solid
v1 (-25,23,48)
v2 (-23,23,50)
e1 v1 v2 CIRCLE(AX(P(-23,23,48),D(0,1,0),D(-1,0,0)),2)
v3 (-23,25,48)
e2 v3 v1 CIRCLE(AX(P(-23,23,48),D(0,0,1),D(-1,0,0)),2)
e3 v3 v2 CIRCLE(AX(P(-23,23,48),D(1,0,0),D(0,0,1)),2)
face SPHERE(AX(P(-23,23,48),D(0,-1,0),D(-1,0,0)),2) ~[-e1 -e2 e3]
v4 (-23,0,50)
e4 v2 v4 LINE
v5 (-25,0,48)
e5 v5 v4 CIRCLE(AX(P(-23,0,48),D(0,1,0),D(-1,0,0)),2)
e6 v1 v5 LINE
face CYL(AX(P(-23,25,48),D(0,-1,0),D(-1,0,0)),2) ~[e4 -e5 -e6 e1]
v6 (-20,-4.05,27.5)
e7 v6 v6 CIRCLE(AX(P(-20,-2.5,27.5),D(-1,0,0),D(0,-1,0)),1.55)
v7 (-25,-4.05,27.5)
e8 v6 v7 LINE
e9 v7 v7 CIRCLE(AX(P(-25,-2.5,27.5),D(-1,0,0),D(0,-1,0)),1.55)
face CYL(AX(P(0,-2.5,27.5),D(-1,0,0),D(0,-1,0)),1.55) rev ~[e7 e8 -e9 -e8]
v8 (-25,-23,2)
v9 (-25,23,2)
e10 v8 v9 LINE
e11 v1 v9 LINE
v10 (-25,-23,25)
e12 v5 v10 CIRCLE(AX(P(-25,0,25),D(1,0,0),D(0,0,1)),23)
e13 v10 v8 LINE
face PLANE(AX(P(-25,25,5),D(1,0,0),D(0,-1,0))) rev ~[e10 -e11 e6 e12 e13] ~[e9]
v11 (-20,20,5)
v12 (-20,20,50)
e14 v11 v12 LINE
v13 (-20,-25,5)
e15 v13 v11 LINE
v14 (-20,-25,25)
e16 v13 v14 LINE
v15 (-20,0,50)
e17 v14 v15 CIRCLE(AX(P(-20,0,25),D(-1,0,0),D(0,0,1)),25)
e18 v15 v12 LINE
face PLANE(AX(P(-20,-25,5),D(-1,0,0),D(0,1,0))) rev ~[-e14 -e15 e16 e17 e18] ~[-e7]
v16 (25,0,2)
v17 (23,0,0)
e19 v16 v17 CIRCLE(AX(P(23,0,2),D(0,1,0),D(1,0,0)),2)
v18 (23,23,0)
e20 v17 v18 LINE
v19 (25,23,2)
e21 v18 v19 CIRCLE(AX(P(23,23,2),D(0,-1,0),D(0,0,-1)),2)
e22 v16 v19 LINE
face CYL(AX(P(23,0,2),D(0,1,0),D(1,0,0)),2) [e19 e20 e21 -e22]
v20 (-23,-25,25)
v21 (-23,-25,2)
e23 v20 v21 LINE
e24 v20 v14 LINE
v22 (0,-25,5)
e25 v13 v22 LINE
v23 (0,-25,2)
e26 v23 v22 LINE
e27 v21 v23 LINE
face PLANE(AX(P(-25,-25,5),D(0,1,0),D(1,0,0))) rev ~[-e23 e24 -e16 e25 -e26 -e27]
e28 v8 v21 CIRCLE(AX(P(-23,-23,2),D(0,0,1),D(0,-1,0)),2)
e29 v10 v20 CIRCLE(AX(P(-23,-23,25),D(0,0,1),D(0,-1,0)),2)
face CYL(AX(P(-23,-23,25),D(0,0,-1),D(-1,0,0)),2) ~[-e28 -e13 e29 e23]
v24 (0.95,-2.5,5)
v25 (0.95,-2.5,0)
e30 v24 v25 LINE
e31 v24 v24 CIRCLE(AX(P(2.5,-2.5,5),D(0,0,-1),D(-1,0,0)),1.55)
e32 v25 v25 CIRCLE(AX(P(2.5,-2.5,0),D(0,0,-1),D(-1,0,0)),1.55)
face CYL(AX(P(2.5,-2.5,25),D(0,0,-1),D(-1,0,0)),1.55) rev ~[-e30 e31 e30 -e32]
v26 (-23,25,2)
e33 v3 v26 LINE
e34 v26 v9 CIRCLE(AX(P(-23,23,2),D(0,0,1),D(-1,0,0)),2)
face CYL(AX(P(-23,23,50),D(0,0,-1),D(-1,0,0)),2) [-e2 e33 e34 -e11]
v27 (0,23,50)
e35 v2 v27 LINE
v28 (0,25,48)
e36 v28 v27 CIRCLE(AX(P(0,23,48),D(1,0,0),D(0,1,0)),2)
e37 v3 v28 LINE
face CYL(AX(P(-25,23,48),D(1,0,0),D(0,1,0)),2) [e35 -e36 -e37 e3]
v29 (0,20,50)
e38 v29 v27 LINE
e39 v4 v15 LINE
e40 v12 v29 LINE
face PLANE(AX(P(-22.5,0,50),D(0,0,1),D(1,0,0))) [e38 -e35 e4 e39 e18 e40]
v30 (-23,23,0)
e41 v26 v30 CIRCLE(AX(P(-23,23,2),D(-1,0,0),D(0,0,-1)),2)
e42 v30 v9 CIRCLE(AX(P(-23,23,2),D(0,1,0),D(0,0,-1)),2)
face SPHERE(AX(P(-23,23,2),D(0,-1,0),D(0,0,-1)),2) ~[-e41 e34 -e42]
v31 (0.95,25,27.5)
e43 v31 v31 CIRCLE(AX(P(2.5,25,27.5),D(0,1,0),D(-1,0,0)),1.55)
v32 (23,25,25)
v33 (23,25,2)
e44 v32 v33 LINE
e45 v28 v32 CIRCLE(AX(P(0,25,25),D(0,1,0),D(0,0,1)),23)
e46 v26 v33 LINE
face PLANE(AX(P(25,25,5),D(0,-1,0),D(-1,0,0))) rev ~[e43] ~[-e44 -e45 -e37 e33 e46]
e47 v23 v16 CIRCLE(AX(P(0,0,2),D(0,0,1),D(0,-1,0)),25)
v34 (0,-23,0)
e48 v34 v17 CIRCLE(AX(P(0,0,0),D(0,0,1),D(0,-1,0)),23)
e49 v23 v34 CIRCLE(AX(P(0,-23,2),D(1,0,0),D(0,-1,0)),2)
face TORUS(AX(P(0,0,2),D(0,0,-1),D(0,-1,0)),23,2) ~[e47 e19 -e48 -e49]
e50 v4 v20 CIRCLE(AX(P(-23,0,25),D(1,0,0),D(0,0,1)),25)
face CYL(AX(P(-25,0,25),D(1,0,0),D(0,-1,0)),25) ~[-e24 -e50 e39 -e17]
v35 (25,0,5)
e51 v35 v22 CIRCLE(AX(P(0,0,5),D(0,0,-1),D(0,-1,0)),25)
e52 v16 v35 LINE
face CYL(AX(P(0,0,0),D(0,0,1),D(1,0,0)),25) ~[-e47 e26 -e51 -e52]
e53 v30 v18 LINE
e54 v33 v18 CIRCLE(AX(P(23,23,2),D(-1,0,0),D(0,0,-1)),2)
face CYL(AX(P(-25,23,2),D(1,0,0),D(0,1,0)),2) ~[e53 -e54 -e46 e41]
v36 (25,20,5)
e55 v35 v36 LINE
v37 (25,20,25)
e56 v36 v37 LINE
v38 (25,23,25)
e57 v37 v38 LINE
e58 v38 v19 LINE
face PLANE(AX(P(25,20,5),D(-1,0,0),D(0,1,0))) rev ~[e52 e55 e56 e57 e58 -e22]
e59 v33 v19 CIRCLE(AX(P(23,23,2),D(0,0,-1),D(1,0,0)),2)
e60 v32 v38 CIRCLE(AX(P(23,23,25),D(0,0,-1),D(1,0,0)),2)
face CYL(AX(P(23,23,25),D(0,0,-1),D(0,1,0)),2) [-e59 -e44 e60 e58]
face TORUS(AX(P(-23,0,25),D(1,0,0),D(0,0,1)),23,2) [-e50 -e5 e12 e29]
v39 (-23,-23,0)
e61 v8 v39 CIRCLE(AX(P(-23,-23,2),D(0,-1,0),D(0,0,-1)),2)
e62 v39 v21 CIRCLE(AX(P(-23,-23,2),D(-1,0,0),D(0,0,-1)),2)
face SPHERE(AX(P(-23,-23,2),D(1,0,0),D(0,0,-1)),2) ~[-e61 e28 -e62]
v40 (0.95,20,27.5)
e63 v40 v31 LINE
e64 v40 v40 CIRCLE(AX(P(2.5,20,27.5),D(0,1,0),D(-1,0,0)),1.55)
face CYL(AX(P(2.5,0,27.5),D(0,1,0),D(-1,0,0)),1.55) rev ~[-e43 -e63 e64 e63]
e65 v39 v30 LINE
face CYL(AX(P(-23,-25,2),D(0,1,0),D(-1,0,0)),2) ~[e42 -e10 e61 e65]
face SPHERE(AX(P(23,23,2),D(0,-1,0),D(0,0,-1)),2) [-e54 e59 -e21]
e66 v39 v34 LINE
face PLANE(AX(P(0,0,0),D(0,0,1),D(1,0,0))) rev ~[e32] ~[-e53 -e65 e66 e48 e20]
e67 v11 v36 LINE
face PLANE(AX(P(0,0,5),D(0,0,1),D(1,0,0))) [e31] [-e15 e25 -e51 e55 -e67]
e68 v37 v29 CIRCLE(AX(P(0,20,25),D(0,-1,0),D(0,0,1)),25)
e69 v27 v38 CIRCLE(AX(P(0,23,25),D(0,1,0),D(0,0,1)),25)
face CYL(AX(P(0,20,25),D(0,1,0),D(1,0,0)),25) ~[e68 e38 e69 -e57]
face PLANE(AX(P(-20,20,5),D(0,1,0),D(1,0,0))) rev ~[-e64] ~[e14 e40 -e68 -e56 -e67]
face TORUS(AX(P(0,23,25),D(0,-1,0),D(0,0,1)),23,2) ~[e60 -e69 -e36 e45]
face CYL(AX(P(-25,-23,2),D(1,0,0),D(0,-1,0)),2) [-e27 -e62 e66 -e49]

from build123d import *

# Parameters (mm, degrees)
F0_W           = 50
F0_H           = 50
F1_DEPTH       = 5
F2_W           = 45
F2_H           = 5
F3_DEPTH       = 45
F4_R           = 25
F5_R           = 2
F9_D           = 3.1
F9_DEPTH       = 20
F9_TIP         = 0.9313339595
F9_ON_F6_D     = 3.1
F9_ON_F6_DEPTH = 20
F9_ON_F6_TIP   = 0.9313339595
F9_ON_F8_D     = 3.1
F9_ON_F8_DEPTH = 20
F9_ON_F8_TIP   = 0.9313339595


with BuildPart() as f1:
    # F0 (on Top) → F1 (new body)
    with BuildSketch(Plane.XY):
        Rectangle(F0_W, F0_H)
    extrude(amount=F1_DEPTH)

    # F2 (on face) → F3 (join)
    with BuildSketch(Plane.XY.offset(5)):
        Polygon((-20, 25), (-25, 25), (-25, -25), (-20, -25), (-20, 20), align=None)
        with Locations((2.5, 22.5)):
            Rectangle(F2_W, F2_H)
    extrude(amount=F3_DEPTH)

    # F4
    f4_edges = [f1.edges().sort_by_distance(p)[0] for p in [
        (25, 22.5, 50),
        (-22.5, -25, 50),
        (25, -25, 2.5),
    ]]
    fillet(f4_edges, radius=F4_R)

    # F5
    f5_edges = [f1.edges().sort_by_distance(p)[0] for p in [
        (-12.5, -25, 0),
        (17.67767, -17.67767, 0),
        (-25, 0, 0),
        (25, 12.5, 0),
        (0, 25, 0),
        (-25, 12.5, 50),
        (-25, -17.67767, 42.67767),
        (-25, 25, 25),
        (-25, -25, 12.5),
        (25, 25, 12.5),
        (17.67767, 25, 42.67767),
        (-12.5, 25, 50),
    ]]
    fillet(f5_edges, radius=F5_R)

    # F9
    with Locations(Plane.YZ.offset(-20)):
        with Locations((-2.5, 27.5)):
            Hole(F9_D / 2, depth=F9_DEPTH)
            with Locations((0, 0, -(F9_DEPTH + F9_TIP / 2))):  # 118° drill point
                Cone(0, F9_D / 2, F9_TIP, mode=Mode.SUBTRACT)

    # F9 on F6
    with Locations(Plane.XY.offset(5)):
        with Locations((2.5, -2.5)):
            Hole(F9_ON_F6_D / 2, depth=F9_ON_F6_DEPTH)
            with Locations((0, 0, -(F9_ON_F6_DEPTH + F9_ON_F6_TIP / 2))):  # 118° drill point
                Cone(0, F9_ON_F6_D / 2, F9_ON_F6_TIP, mode=Mode.SUBTRACT)

    # F9 on F8
    with Locations(Plane.XZ.offset(-20)):
        with Locations((2.5, 27.5)):
            Hole(F9_ON_F8_D / 2, depth=F9_ON_F8_DEPTH)
            with Locations((0, 0, -(F9_ON_F8_DEPTH + F9_ON_F8_TIP / 2))):  # 118° drill point
                Cone(0, F9_ON_F8_D / 2, F9_ON_F8_TIP, mode=Mode.SUBTRACT)


solid = f1.part
